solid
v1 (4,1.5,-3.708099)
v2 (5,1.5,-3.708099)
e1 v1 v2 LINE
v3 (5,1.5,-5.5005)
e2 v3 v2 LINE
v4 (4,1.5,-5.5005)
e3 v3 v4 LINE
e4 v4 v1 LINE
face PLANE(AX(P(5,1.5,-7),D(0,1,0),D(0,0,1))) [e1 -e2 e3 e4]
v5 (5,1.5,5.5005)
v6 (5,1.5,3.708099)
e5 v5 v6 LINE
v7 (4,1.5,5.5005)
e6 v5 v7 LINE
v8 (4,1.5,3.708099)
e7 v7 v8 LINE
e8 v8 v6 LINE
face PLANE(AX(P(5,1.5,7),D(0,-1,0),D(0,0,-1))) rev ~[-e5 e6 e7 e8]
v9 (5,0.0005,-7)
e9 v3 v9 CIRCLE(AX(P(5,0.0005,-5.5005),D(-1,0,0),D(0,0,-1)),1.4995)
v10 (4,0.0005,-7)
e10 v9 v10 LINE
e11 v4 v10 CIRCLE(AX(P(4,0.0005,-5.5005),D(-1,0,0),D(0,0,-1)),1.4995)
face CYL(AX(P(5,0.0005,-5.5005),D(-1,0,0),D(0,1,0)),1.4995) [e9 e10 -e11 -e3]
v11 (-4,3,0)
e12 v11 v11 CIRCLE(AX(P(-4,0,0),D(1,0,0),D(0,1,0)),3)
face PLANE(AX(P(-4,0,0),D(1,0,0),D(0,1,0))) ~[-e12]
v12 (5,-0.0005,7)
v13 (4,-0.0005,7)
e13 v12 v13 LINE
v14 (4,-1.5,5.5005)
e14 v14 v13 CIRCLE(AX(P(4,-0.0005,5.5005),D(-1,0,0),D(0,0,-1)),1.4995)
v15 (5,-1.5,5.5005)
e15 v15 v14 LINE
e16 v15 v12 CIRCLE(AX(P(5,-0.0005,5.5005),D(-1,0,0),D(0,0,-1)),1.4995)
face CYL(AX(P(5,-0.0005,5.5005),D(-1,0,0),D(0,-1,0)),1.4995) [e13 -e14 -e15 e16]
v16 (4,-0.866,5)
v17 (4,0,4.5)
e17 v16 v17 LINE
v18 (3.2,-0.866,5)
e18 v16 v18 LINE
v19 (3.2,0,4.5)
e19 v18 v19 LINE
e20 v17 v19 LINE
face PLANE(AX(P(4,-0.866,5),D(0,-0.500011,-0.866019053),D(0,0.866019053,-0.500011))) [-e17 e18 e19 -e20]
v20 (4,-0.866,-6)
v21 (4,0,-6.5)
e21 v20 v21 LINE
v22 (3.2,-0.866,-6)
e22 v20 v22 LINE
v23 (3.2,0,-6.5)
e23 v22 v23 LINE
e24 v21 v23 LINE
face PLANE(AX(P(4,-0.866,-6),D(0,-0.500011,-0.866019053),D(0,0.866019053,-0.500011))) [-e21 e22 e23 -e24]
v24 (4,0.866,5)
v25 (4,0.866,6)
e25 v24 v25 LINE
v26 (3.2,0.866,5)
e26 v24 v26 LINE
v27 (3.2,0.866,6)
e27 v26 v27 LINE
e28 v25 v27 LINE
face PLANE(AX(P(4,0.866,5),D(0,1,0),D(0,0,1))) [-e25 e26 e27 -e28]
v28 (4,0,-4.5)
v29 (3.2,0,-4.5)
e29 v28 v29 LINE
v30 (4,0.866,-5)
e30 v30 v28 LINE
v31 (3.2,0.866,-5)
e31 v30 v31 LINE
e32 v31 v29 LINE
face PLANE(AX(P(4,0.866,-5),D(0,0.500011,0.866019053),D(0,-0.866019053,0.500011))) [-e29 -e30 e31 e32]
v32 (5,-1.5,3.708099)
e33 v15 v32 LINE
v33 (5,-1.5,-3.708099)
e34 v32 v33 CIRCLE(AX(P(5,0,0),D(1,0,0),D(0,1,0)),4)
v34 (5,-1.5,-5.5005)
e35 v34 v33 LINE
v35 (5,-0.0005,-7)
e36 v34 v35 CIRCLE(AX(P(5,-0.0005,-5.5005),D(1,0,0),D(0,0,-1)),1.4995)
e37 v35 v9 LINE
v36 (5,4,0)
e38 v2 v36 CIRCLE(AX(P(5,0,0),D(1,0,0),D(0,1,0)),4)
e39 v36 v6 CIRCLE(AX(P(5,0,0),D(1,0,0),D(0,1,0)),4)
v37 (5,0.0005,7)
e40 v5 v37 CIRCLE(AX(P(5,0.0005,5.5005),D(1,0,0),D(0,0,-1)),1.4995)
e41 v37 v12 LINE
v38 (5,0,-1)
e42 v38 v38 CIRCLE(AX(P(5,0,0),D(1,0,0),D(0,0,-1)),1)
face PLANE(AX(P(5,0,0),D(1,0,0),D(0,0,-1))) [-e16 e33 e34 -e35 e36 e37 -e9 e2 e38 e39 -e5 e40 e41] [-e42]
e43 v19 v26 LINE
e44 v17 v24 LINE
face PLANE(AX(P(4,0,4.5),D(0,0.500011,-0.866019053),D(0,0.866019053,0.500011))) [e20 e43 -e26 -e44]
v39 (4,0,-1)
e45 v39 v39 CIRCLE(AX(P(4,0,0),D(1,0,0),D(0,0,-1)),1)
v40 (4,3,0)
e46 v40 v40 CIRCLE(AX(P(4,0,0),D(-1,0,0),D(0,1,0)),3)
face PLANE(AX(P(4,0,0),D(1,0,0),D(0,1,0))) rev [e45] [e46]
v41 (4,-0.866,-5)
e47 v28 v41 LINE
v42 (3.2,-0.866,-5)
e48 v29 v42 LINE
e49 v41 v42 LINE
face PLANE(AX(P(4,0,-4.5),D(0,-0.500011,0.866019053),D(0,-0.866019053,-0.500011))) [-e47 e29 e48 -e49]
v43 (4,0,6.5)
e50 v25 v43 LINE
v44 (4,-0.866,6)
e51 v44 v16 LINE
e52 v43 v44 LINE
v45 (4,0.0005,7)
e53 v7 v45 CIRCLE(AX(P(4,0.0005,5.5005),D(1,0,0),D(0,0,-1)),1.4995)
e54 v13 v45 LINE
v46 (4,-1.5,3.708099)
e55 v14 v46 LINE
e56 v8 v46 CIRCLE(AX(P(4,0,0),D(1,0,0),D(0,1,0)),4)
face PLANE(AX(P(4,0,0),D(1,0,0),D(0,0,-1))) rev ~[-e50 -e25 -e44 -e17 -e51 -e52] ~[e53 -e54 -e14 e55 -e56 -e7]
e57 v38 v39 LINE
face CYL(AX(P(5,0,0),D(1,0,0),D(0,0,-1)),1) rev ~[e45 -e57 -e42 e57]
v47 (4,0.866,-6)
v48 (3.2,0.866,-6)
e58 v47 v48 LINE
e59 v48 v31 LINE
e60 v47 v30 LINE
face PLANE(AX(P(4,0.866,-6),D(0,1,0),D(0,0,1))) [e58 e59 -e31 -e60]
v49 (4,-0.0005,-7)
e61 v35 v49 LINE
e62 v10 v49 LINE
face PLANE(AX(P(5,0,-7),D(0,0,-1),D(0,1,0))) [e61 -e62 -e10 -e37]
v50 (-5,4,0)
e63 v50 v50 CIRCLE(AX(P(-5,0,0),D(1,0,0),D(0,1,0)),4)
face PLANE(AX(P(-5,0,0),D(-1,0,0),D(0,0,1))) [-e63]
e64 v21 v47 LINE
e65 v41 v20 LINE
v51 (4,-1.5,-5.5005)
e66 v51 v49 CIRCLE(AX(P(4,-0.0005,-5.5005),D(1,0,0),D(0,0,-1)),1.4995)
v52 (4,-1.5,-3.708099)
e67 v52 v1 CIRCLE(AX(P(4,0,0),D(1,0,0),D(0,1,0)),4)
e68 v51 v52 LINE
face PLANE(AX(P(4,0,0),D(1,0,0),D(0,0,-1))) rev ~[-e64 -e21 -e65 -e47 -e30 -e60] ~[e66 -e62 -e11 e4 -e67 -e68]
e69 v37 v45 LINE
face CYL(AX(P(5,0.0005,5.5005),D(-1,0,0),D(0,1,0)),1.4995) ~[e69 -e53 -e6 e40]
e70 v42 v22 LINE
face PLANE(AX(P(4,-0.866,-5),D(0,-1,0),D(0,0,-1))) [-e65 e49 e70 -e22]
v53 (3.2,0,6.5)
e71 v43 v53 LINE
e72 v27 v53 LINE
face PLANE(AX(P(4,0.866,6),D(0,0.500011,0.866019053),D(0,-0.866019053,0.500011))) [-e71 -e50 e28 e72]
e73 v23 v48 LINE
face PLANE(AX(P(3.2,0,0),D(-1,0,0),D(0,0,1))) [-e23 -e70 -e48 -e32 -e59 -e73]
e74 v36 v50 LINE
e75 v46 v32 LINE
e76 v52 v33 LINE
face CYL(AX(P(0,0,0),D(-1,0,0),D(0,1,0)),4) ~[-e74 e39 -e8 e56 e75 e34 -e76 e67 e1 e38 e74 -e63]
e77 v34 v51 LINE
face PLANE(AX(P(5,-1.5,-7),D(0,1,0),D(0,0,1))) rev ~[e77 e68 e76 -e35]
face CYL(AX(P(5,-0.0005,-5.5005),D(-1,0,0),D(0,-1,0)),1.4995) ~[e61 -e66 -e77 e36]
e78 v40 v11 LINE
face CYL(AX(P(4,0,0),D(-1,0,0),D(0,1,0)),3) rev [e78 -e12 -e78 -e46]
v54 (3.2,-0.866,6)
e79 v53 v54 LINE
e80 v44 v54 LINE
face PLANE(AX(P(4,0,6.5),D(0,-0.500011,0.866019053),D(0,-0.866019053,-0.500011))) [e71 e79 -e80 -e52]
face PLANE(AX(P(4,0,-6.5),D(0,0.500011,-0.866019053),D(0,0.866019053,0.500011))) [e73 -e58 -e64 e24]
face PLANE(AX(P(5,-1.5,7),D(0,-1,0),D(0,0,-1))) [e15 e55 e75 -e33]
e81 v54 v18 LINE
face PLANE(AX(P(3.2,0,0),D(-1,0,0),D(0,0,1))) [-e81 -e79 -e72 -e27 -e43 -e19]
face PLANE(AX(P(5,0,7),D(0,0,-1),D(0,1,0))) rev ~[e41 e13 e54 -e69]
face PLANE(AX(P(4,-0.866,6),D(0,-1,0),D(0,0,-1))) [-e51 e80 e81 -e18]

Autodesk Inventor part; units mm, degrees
ref_plane "YZ Plane" through (0, 0, 0) normal (1, 0, 0) x (0, 1, 0)
ref_plane "XZ Plane" through (0, 0, 0) normal (0, 1, 0) x (-1, 0, 0)
ref_plane "XY Plane" through (0, 0, 0) normal (0, 0, 1) x (1, 0, 0)
sketch "Sketch1" plane through (0, 0, 0) normal (0, 0, 1) x (1, 0, 0)
  line L0 (0, 0) -> (0, 4) construction
  line L1 (0, 4) -> (5, 4)
  line L2 (5, 4) -> (5, 0)
  line L3 (5, 0) -> (4, 0)
  line L4 (4, 0) -> (4, 3)
  line L5 (4, 3) -> (0, 3)
  line L6 (0, 0) -> (55.2609, 0) construction
  line L7 (0, 4) -> (-5, 4)
  line L8 (-5, 4) -> (-5, 0) construction
  line L9 (-4, 0) -> (-4, 3) construction
  line L10 (-4, 3) -> (0, 3)
  line L11 (-5, 1.5) -> (-4, 1.5)
  line L12 (-5, 1.5) -> (-5, 4)
  line L13 (-4, 1.5) -> (-4, 3)
  dimension "d0" = 1
  dimension "d1" = 3
  dimension "d2" = 0
  dimension "d3" = 1
  dimension "d4" = 5
  dimension "d5" = 1.5
revolve "Revolution1" add sketch "Sketch1" angle 360 about axis through (0, 0, 0) along (1, 0, 0)
sketch "Sketch6" plane through (5, 0, 0) normal (1, 0, 0) x (0, 0, -1)
  line L0 (0, 0) -> (-7, 0) construction
  line L1 (-7, 0) -> (-7, 1.5)
  line L2 (-7, 1.5) -> (-3.4641, 1.5)
  line L3 (0, 0) -> (0, 4) construction
  line L4 (-7, 0) -> (-7, -1.5)
  line L5 (-7, -1.5) -> (-3.4641, -1.5)
  line L6 (0, 0) -> (7, 0) construction
  line L7 (7, 0) -> (7, 1.5)
  line L8 (7, 1.5) -> (3.4641, 1.5)
  line L9 (7, 0) -> (7, -1.5)
  line L10 (7, -1.5) -> (3.4641, -1.5)
  arc A0 (-3.4641, 1.5) -> (-3.4641, -1.5) centre (0, 0) ccw construction
  arc A1 (3.4641, -1.5) -> (3.4641, 1.5) centre (0, 0) ccw construction
  line L11 (-7, -1.5) -> (-7, 1.5) construction
  line L12 (7, -1.5) -> (7, 1.5) construction
  line L13 (-7, 1.5) -> (7, 1.5)
  line L14 (-7, -1.5) -> (7, -1.5)
  dimension "d30" = 1.5
  dimension "d31" = 7
extrude "Extrusion5" add sketch "Sketch6" against normal blind 1
fillet "Fillet2" radius 1.5 4 edges at (4.5, -1.5, 7) (4.5, 1.5, 7) (4.5, -1.5, -7) (4.5, 1.5, -7)
sketch "Sketch7" plane through (4, 0, 0) normal (-1, 0, 0) x (0, 0, 1)
  arc A0 (5.5, -1.5) -> (5.5, 1.5) centre (5.5, 0) ccw projected
  arc A1 (-5.5, 1.5) -> (-5.5, -1.5) centre (-5.5, 0) ccw projected
  line L0 (-3.7081, -1.5) -> (-5.5, -1.5) projected
  arc A2 (-3.7081, 1.5) -> (-3.7081, -1.5) centre (0, 0) ccw projected
  line L1 (-5.5, 1.5) -> (-3.7081, 1.5) projected
  line L2 (6, 0.866) -> (6.5, 0)
  line L3 (6.5, 0) -> (6, -0.866)
  line L4 (6, -0.866) -> (5, -0.866)
  line L5 (5, -0.866) -> (4.5, 0)
  line L6 (4.5, 0) -> (5, 0.866)
  line L7 (5, 0.866) -> (6, 0.866)
  line L8 (-5, 0.866) -> (-4.5, 0)
  line L9 (-4.5, 0) -> (-5, -0.866)
  line L10 (-5, -0.866) -> (-6, -0.866)
  line L11 (-6, -0.866) -> (-6.5, 0)
  line L12 (-6.5, 0) -> (-6, 0.866)
  line L13 (-6, 0.866) -> (-5, 0.866)
  dimension "d35" = 1
extrude "Extrusion6" add sketch "Sketch7" along normal blind 0.8 contours L2 L3 L4 L5 L6 L7 | L8 L9 L10 L11 L12 L13
sketch "Sketch8" plane through (5, 0, 0) normal (1, 0, 0) x (0, 0, -1)
  arc A0 (3.7081, 1.5) -> (-3.7081, 1.5) centre (0, 0) ccw projected
  circle A1 centre (0, 0) radius 1
  dimension "d38" = 2
extrude "Extrusion7" cut sketch "Sketch8" against normal blind 10
sketch "Sketch9" plane through (-5, 0, 0) normal (-1, 0, 0) x (0, 0, 1)
  circle A0 centre (0, 0) radius 1.5 projected
extrude "Extrusion8" add sketch "Sketch9" against normal blind 1
properties part number "Cylinder"
